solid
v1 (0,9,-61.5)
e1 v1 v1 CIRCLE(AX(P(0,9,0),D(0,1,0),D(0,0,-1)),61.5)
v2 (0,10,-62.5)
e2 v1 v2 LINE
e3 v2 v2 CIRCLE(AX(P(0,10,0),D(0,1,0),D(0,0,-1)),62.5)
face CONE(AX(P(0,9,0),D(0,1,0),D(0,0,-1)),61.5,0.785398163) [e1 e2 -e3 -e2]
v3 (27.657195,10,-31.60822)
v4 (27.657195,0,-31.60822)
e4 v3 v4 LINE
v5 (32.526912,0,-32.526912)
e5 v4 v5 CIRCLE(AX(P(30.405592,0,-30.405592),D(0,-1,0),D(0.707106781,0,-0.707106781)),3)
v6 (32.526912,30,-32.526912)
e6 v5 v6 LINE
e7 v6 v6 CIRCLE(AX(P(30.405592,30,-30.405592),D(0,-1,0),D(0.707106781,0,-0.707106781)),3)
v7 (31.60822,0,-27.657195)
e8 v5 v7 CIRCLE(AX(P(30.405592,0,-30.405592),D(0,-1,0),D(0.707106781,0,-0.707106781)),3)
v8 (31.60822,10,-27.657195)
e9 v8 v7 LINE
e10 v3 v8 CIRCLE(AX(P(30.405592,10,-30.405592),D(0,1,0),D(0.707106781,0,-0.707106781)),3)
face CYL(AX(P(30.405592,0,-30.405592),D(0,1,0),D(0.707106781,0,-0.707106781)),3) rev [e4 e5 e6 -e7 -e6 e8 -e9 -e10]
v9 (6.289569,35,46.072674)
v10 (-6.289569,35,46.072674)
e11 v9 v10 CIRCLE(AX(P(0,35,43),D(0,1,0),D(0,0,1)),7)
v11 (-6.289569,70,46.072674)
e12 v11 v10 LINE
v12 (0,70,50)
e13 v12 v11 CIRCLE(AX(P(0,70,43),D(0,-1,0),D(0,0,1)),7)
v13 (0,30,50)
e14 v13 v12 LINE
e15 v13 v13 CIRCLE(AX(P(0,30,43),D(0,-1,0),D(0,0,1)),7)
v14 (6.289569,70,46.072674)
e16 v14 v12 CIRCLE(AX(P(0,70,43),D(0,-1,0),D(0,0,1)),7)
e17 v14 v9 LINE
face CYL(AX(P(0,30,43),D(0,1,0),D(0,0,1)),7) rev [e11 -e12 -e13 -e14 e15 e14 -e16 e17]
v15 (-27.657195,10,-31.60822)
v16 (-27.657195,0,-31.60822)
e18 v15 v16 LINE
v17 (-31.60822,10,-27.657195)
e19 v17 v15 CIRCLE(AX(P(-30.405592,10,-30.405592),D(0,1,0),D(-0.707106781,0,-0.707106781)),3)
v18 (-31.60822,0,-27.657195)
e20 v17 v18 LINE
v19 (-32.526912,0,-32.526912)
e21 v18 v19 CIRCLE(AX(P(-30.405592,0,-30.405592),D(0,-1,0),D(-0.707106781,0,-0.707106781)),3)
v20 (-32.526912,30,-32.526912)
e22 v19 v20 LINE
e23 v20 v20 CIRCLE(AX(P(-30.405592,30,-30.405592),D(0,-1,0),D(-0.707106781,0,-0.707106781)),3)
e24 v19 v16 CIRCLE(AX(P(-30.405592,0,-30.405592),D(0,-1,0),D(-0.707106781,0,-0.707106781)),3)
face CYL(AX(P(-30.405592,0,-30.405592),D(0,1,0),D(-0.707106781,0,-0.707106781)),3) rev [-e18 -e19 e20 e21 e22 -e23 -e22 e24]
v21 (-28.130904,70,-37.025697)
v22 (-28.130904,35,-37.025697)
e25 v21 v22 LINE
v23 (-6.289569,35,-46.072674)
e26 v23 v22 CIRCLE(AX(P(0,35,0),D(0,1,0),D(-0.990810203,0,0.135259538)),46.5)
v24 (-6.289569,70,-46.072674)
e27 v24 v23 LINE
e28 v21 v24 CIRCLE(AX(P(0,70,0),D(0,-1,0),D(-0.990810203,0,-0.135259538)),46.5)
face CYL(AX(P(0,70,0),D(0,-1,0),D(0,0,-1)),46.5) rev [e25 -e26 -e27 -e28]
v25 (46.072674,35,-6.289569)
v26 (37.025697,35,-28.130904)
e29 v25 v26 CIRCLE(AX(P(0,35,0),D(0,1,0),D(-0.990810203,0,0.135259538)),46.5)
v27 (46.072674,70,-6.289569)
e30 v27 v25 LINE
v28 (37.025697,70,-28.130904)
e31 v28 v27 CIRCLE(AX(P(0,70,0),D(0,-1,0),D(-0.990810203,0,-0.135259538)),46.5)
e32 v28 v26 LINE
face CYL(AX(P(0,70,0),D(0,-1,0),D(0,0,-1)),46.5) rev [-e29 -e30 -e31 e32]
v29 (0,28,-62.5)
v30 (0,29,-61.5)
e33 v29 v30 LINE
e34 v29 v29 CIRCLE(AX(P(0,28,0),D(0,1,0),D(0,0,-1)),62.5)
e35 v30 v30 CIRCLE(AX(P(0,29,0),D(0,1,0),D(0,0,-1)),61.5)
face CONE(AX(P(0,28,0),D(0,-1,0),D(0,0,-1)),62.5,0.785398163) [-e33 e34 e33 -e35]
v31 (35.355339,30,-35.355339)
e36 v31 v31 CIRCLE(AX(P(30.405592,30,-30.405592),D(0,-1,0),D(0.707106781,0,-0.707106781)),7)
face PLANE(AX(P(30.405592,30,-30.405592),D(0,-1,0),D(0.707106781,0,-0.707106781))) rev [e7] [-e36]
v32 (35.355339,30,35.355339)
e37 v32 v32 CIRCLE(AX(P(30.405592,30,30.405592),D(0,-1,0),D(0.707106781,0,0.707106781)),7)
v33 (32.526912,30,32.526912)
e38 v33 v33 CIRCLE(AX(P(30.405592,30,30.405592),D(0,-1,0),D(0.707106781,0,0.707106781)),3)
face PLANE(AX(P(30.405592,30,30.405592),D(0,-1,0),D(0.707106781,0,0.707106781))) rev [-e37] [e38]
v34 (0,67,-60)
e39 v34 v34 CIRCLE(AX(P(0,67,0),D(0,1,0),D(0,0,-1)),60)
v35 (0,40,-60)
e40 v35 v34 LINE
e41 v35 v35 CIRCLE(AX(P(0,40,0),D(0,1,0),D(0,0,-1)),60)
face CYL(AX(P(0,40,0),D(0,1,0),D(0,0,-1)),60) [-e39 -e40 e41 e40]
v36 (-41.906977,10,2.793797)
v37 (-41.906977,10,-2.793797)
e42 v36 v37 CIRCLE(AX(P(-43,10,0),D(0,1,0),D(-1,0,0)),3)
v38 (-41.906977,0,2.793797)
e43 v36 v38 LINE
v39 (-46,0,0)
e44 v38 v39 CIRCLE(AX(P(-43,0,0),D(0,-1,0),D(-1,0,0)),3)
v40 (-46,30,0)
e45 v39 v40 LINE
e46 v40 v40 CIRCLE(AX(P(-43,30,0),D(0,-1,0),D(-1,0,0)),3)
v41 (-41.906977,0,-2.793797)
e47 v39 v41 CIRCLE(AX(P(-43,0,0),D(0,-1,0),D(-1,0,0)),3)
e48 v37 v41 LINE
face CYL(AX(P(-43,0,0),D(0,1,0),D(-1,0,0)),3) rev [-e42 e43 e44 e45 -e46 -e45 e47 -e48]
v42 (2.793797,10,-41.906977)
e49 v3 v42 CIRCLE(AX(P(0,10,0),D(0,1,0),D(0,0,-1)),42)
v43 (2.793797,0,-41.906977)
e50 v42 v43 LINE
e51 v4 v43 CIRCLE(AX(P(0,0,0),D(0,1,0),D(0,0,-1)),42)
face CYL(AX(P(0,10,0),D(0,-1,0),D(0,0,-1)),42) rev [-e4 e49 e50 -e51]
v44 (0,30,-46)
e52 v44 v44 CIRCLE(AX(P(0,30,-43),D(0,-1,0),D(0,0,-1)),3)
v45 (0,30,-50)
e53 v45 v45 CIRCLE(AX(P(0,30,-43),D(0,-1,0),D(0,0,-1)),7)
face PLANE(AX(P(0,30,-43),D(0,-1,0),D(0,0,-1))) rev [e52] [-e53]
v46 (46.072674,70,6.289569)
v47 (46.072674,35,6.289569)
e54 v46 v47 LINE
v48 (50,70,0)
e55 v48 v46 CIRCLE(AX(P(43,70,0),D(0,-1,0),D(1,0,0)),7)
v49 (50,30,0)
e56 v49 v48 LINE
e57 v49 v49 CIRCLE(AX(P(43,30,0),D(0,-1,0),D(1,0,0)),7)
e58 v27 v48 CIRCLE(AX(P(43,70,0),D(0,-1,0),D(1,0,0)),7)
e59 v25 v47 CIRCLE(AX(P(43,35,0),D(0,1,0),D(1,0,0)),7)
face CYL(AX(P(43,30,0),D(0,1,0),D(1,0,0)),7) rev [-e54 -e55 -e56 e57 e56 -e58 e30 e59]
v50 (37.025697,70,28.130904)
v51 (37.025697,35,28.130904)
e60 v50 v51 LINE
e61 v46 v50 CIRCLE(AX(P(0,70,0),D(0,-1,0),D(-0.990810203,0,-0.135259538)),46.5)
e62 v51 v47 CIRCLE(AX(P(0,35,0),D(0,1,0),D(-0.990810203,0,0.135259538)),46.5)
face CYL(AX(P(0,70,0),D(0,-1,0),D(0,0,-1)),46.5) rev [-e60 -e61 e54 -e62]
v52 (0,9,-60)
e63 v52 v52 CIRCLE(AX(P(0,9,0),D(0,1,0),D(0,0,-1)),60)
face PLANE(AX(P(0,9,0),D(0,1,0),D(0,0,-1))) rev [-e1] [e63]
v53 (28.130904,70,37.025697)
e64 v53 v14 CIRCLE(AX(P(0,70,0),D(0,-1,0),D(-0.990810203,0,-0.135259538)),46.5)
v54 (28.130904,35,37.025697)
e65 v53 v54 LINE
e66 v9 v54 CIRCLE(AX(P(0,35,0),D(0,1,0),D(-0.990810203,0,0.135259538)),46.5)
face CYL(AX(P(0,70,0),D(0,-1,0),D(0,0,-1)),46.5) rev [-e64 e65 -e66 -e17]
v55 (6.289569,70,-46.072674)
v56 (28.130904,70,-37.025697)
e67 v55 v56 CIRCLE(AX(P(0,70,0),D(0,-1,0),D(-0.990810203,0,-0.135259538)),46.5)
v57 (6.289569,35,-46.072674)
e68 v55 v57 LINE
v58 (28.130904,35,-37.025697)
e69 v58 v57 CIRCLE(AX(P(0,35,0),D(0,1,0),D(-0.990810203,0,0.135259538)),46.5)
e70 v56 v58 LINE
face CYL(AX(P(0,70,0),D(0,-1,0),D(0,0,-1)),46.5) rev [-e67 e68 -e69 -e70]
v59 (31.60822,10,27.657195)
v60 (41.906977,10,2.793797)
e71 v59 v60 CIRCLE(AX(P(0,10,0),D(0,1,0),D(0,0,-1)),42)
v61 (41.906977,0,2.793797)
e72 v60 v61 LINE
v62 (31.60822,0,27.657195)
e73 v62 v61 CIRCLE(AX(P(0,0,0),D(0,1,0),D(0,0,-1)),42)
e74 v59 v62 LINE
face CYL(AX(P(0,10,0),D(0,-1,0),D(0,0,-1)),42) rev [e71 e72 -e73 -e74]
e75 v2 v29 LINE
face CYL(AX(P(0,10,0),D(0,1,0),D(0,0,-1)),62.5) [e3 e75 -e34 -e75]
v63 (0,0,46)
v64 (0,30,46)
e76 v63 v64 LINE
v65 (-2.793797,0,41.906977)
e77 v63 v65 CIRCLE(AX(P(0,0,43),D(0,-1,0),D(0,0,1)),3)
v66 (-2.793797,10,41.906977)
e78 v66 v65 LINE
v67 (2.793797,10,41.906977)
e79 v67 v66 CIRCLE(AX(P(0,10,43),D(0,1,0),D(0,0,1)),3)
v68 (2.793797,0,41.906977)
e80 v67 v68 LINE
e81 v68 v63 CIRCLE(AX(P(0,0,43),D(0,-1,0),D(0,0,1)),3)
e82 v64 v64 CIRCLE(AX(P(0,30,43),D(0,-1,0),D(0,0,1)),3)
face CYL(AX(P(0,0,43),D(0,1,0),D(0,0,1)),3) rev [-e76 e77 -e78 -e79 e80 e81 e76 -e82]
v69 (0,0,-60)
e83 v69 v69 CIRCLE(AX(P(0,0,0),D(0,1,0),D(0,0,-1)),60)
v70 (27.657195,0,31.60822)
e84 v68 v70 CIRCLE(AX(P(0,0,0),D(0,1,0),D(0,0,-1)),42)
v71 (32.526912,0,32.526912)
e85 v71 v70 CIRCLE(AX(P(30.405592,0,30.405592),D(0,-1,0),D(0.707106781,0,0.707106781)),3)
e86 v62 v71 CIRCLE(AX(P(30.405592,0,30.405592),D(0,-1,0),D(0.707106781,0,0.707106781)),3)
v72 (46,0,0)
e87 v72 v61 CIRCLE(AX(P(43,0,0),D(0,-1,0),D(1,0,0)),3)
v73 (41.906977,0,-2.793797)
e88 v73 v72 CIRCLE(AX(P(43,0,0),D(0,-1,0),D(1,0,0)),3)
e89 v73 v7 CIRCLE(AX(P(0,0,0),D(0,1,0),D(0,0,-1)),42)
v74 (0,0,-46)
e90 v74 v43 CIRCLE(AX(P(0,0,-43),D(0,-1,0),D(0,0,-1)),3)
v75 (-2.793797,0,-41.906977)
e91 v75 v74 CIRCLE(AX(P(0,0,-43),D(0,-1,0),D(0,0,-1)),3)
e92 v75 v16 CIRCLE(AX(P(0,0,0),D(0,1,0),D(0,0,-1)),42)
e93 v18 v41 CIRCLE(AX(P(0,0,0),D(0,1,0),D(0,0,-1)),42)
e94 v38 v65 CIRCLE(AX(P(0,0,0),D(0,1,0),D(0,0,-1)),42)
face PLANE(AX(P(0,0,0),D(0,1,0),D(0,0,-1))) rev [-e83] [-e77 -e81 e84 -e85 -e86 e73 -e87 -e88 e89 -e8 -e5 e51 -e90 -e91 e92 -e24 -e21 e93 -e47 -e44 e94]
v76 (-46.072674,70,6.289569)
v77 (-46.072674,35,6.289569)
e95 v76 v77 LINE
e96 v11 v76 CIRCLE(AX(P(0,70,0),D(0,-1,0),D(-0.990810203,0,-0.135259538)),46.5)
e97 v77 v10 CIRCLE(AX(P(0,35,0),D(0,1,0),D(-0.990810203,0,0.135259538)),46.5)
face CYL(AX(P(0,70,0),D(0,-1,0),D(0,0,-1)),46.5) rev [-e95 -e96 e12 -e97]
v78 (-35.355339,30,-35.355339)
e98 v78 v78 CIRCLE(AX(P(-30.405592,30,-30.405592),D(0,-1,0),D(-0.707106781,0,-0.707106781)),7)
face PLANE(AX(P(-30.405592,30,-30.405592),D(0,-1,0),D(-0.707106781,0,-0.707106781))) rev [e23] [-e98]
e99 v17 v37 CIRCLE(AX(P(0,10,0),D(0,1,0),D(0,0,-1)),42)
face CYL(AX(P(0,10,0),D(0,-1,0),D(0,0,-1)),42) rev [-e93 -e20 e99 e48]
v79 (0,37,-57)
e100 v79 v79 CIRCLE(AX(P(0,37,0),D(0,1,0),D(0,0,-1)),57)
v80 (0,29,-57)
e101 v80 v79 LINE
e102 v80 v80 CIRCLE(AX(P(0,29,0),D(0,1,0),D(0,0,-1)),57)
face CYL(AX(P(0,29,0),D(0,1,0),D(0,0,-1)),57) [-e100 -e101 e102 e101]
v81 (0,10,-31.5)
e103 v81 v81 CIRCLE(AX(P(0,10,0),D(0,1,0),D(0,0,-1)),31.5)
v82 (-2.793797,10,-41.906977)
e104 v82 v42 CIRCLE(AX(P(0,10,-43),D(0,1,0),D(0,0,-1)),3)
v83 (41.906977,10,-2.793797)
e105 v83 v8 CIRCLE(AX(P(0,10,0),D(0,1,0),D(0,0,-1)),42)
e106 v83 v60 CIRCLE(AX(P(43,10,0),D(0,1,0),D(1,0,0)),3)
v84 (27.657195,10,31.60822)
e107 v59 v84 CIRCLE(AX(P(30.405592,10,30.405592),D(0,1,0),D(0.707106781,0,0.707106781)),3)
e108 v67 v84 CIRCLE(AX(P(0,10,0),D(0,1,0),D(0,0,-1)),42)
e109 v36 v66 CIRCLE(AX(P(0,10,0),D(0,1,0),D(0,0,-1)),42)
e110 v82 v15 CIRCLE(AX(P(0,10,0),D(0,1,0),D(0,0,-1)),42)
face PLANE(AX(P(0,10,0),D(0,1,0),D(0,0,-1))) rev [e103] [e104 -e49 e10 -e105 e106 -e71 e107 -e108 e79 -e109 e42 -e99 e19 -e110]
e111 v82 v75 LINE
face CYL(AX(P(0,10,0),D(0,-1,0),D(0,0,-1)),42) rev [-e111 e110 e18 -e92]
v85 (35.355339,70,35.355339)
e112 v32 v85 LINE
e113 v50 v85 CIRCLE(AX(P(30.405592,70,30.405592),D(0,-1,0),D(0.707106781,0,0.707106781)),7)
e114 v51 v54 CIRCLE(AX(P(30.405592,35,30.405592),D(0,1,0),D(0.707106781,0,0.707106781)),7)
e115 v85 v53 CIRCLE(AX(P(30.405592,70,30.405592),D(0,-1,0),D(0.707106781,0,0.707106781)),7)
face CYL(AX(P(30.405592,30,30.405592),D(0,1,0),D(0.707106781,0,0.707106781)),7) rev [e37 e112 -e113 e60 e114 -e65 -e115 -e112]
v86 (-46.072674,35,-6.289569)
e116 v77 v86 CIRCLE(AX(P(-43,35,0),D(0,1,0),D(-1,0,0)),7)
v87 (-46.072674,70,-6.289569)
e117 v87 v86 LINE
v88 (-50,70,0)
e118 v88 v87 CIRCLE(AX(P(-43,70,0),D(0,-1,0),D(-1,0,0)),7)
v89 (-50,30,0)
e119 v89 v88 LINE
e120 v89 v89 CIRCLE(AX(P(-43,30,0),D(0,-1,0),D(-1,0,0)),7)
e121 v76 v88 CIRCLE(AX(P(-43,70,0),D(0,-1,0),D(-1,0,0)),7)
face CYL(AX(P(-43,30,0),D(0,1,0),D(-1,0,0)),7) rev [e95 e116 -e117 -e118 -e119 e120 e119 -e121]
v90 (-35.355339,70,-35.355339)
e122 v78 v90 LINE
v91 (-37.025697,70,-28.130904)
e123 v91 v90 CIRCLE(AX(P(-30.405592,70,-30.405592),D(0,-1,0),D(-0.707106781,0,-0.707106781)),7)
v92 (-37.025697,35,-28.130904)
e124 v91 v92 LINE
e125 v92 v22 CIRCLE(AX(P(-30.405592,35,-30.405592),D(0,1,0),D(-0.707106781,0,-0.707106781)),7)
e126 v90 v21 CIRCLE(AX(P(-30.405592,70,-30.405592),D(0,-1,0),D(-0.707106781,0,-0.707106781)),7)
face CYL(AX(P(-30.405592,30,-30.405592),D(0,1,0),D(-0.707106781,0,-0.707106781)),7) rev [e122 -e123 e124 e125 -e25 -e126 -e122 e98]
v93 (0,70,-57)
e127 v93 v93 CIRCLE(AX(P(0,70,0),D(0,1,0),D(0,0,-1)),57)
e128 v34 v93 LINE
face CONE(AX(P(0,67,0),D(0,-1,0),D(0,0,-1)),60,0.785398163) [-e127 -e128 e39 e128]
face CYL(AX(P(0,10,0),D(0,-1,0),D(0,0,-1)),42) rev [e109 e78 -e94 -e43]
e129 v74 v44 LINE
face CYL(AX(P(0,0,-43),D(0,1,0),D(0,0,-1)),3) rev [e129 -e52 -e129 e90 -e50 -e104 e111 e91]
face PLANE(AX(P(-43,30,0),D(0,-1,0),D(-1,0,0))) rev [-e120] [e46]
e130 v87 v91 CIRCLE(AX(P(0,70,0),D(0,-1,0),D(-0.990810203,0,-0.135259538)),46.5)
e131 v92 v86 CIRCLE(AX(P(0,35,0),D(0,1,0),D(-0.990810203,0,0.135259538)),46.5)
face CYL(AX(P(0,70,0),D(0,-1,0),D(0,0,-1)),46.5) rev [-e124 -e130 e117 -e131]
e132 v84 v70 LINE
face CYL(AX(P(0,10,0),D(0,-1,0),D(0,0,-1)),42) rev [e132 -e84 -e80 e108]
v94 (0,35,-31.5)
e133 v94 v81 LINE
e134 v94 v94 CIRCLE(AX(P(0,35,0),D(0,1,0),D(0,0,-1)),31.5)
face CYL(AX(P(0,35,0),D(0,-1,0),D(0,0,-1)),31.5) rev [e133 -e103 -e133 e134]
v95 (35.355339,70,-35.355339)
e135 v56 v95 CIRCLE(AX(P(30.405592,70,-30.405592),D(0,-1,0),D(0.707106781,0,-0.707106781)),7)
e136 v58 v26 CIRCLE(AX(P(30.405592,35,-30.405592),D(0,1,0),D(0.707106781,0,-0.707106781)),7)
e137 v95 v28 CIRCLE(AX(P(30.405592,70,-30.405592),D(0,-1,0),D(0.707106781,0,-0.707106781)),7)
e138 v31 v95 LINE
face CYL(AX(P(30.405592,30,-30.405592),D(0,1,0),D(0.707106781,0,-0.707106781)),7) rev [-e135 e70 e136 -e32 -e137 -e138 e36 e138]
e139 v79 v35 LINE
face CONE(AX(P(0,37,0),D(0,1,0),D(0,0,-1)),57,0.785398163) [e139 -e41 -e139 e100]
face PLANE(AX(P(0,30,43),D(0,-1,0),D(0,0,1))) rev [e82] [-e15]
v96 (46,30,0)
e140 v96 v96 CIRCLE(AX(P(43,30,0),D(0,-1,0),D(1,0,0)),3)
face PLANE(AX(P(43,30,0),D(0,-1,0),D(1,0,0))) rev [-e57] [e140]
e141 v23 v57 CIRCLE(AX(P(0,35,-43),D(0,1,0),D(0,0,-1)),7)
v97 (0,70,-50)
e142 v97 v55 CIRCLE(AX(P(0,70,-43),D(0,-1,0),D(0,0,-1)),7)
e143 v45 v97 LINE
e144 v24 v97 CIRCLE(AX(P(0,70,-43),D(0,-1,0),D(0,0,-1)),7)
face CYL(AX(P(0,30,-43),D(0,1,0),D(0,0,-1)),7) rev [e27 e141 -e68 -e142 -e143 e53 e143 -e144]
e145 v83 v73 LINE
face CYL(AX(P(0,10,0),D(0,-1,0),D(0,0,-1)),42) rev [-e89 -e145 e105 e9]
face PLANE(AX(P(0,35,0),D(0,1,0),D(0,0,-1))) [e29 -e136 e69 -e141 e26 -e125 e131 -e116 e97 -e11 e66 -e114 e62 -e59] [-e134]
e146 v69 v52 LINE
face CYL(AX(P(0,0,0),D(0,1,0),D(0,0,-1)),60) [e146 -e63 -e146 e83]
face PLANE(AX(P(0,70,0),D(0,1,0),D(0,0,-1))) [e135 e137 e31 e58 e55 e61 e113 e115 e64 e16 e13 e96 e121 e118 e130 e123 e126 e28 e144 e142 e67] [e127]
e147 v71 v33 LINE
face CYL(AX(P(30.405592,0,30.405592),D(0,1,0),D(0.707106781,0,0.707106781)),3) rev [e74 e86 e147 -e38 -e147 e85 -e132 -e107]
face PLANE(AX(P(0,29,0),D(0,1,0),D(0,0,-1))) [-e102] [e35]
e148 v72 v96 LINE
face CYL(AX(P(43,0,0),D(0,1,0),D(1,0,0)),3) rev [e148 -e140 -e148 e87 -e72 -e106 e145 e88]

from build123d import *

# Parameters (mm, degrees)
PATTERN_CIRCULAR_1_COUNT = 8


with BuildPart() as part:
    # Эскиз1 → Повернуть1 (revolve)
    with BuildSketch(Plane.XY, mode=Mode.PRIVATE) as revolve_1_sk:
        Polygon((-42, 0), (-60, 0), (-60, 9), (-61.5, 9), (-62.5, 10), (-62.5, 28), (-61.5, 29), (-57, 29), (-57, 37), (-60, 40), (-60, 67), (-57, 70), (-46.5, 70), (-46.5, 35), (-31.5, 35), (-31.5, 10), (-42, 10), align=None)
    revolve(revolve_1_sk.sketch.rotate(Axis((0, 0, 0), (0, 1, 0)), 270), axis=Axis((0, 0, 0), (0, 1, 0)))

    # Эскиз5 → Вырез-Повернуть1 (revolve, cut)
    with BuildSketch(Plane.XY):
        Polygon((-43, 0), (-46, 0), (-46, 30), (-50, 30), (-50, 70), (-43, 70), align=None)
    cut_revolve_1 = revolve(axis=Axis((-43, 84.512066433, 0), (0, -1, 0)), mode=Mode.SUBTRACT)

    # Круговой массив1: Вырез-Повернуть1 ×8 about axis, 1 skipped
    pattern_circular_1_axis = Axis((0, 0, 0), (0, -1, 0))
    add([cut_revolve_1.rotate(pattern_circular_1_axis, i * 360 / PATTERN_CIRCULAR_1_COUNT) for i in range(1, PATTERN_CIRCULAR_1_COUNT) if i not in (7,)], mode=Mode.SUBTRACT)


solid = part.part
